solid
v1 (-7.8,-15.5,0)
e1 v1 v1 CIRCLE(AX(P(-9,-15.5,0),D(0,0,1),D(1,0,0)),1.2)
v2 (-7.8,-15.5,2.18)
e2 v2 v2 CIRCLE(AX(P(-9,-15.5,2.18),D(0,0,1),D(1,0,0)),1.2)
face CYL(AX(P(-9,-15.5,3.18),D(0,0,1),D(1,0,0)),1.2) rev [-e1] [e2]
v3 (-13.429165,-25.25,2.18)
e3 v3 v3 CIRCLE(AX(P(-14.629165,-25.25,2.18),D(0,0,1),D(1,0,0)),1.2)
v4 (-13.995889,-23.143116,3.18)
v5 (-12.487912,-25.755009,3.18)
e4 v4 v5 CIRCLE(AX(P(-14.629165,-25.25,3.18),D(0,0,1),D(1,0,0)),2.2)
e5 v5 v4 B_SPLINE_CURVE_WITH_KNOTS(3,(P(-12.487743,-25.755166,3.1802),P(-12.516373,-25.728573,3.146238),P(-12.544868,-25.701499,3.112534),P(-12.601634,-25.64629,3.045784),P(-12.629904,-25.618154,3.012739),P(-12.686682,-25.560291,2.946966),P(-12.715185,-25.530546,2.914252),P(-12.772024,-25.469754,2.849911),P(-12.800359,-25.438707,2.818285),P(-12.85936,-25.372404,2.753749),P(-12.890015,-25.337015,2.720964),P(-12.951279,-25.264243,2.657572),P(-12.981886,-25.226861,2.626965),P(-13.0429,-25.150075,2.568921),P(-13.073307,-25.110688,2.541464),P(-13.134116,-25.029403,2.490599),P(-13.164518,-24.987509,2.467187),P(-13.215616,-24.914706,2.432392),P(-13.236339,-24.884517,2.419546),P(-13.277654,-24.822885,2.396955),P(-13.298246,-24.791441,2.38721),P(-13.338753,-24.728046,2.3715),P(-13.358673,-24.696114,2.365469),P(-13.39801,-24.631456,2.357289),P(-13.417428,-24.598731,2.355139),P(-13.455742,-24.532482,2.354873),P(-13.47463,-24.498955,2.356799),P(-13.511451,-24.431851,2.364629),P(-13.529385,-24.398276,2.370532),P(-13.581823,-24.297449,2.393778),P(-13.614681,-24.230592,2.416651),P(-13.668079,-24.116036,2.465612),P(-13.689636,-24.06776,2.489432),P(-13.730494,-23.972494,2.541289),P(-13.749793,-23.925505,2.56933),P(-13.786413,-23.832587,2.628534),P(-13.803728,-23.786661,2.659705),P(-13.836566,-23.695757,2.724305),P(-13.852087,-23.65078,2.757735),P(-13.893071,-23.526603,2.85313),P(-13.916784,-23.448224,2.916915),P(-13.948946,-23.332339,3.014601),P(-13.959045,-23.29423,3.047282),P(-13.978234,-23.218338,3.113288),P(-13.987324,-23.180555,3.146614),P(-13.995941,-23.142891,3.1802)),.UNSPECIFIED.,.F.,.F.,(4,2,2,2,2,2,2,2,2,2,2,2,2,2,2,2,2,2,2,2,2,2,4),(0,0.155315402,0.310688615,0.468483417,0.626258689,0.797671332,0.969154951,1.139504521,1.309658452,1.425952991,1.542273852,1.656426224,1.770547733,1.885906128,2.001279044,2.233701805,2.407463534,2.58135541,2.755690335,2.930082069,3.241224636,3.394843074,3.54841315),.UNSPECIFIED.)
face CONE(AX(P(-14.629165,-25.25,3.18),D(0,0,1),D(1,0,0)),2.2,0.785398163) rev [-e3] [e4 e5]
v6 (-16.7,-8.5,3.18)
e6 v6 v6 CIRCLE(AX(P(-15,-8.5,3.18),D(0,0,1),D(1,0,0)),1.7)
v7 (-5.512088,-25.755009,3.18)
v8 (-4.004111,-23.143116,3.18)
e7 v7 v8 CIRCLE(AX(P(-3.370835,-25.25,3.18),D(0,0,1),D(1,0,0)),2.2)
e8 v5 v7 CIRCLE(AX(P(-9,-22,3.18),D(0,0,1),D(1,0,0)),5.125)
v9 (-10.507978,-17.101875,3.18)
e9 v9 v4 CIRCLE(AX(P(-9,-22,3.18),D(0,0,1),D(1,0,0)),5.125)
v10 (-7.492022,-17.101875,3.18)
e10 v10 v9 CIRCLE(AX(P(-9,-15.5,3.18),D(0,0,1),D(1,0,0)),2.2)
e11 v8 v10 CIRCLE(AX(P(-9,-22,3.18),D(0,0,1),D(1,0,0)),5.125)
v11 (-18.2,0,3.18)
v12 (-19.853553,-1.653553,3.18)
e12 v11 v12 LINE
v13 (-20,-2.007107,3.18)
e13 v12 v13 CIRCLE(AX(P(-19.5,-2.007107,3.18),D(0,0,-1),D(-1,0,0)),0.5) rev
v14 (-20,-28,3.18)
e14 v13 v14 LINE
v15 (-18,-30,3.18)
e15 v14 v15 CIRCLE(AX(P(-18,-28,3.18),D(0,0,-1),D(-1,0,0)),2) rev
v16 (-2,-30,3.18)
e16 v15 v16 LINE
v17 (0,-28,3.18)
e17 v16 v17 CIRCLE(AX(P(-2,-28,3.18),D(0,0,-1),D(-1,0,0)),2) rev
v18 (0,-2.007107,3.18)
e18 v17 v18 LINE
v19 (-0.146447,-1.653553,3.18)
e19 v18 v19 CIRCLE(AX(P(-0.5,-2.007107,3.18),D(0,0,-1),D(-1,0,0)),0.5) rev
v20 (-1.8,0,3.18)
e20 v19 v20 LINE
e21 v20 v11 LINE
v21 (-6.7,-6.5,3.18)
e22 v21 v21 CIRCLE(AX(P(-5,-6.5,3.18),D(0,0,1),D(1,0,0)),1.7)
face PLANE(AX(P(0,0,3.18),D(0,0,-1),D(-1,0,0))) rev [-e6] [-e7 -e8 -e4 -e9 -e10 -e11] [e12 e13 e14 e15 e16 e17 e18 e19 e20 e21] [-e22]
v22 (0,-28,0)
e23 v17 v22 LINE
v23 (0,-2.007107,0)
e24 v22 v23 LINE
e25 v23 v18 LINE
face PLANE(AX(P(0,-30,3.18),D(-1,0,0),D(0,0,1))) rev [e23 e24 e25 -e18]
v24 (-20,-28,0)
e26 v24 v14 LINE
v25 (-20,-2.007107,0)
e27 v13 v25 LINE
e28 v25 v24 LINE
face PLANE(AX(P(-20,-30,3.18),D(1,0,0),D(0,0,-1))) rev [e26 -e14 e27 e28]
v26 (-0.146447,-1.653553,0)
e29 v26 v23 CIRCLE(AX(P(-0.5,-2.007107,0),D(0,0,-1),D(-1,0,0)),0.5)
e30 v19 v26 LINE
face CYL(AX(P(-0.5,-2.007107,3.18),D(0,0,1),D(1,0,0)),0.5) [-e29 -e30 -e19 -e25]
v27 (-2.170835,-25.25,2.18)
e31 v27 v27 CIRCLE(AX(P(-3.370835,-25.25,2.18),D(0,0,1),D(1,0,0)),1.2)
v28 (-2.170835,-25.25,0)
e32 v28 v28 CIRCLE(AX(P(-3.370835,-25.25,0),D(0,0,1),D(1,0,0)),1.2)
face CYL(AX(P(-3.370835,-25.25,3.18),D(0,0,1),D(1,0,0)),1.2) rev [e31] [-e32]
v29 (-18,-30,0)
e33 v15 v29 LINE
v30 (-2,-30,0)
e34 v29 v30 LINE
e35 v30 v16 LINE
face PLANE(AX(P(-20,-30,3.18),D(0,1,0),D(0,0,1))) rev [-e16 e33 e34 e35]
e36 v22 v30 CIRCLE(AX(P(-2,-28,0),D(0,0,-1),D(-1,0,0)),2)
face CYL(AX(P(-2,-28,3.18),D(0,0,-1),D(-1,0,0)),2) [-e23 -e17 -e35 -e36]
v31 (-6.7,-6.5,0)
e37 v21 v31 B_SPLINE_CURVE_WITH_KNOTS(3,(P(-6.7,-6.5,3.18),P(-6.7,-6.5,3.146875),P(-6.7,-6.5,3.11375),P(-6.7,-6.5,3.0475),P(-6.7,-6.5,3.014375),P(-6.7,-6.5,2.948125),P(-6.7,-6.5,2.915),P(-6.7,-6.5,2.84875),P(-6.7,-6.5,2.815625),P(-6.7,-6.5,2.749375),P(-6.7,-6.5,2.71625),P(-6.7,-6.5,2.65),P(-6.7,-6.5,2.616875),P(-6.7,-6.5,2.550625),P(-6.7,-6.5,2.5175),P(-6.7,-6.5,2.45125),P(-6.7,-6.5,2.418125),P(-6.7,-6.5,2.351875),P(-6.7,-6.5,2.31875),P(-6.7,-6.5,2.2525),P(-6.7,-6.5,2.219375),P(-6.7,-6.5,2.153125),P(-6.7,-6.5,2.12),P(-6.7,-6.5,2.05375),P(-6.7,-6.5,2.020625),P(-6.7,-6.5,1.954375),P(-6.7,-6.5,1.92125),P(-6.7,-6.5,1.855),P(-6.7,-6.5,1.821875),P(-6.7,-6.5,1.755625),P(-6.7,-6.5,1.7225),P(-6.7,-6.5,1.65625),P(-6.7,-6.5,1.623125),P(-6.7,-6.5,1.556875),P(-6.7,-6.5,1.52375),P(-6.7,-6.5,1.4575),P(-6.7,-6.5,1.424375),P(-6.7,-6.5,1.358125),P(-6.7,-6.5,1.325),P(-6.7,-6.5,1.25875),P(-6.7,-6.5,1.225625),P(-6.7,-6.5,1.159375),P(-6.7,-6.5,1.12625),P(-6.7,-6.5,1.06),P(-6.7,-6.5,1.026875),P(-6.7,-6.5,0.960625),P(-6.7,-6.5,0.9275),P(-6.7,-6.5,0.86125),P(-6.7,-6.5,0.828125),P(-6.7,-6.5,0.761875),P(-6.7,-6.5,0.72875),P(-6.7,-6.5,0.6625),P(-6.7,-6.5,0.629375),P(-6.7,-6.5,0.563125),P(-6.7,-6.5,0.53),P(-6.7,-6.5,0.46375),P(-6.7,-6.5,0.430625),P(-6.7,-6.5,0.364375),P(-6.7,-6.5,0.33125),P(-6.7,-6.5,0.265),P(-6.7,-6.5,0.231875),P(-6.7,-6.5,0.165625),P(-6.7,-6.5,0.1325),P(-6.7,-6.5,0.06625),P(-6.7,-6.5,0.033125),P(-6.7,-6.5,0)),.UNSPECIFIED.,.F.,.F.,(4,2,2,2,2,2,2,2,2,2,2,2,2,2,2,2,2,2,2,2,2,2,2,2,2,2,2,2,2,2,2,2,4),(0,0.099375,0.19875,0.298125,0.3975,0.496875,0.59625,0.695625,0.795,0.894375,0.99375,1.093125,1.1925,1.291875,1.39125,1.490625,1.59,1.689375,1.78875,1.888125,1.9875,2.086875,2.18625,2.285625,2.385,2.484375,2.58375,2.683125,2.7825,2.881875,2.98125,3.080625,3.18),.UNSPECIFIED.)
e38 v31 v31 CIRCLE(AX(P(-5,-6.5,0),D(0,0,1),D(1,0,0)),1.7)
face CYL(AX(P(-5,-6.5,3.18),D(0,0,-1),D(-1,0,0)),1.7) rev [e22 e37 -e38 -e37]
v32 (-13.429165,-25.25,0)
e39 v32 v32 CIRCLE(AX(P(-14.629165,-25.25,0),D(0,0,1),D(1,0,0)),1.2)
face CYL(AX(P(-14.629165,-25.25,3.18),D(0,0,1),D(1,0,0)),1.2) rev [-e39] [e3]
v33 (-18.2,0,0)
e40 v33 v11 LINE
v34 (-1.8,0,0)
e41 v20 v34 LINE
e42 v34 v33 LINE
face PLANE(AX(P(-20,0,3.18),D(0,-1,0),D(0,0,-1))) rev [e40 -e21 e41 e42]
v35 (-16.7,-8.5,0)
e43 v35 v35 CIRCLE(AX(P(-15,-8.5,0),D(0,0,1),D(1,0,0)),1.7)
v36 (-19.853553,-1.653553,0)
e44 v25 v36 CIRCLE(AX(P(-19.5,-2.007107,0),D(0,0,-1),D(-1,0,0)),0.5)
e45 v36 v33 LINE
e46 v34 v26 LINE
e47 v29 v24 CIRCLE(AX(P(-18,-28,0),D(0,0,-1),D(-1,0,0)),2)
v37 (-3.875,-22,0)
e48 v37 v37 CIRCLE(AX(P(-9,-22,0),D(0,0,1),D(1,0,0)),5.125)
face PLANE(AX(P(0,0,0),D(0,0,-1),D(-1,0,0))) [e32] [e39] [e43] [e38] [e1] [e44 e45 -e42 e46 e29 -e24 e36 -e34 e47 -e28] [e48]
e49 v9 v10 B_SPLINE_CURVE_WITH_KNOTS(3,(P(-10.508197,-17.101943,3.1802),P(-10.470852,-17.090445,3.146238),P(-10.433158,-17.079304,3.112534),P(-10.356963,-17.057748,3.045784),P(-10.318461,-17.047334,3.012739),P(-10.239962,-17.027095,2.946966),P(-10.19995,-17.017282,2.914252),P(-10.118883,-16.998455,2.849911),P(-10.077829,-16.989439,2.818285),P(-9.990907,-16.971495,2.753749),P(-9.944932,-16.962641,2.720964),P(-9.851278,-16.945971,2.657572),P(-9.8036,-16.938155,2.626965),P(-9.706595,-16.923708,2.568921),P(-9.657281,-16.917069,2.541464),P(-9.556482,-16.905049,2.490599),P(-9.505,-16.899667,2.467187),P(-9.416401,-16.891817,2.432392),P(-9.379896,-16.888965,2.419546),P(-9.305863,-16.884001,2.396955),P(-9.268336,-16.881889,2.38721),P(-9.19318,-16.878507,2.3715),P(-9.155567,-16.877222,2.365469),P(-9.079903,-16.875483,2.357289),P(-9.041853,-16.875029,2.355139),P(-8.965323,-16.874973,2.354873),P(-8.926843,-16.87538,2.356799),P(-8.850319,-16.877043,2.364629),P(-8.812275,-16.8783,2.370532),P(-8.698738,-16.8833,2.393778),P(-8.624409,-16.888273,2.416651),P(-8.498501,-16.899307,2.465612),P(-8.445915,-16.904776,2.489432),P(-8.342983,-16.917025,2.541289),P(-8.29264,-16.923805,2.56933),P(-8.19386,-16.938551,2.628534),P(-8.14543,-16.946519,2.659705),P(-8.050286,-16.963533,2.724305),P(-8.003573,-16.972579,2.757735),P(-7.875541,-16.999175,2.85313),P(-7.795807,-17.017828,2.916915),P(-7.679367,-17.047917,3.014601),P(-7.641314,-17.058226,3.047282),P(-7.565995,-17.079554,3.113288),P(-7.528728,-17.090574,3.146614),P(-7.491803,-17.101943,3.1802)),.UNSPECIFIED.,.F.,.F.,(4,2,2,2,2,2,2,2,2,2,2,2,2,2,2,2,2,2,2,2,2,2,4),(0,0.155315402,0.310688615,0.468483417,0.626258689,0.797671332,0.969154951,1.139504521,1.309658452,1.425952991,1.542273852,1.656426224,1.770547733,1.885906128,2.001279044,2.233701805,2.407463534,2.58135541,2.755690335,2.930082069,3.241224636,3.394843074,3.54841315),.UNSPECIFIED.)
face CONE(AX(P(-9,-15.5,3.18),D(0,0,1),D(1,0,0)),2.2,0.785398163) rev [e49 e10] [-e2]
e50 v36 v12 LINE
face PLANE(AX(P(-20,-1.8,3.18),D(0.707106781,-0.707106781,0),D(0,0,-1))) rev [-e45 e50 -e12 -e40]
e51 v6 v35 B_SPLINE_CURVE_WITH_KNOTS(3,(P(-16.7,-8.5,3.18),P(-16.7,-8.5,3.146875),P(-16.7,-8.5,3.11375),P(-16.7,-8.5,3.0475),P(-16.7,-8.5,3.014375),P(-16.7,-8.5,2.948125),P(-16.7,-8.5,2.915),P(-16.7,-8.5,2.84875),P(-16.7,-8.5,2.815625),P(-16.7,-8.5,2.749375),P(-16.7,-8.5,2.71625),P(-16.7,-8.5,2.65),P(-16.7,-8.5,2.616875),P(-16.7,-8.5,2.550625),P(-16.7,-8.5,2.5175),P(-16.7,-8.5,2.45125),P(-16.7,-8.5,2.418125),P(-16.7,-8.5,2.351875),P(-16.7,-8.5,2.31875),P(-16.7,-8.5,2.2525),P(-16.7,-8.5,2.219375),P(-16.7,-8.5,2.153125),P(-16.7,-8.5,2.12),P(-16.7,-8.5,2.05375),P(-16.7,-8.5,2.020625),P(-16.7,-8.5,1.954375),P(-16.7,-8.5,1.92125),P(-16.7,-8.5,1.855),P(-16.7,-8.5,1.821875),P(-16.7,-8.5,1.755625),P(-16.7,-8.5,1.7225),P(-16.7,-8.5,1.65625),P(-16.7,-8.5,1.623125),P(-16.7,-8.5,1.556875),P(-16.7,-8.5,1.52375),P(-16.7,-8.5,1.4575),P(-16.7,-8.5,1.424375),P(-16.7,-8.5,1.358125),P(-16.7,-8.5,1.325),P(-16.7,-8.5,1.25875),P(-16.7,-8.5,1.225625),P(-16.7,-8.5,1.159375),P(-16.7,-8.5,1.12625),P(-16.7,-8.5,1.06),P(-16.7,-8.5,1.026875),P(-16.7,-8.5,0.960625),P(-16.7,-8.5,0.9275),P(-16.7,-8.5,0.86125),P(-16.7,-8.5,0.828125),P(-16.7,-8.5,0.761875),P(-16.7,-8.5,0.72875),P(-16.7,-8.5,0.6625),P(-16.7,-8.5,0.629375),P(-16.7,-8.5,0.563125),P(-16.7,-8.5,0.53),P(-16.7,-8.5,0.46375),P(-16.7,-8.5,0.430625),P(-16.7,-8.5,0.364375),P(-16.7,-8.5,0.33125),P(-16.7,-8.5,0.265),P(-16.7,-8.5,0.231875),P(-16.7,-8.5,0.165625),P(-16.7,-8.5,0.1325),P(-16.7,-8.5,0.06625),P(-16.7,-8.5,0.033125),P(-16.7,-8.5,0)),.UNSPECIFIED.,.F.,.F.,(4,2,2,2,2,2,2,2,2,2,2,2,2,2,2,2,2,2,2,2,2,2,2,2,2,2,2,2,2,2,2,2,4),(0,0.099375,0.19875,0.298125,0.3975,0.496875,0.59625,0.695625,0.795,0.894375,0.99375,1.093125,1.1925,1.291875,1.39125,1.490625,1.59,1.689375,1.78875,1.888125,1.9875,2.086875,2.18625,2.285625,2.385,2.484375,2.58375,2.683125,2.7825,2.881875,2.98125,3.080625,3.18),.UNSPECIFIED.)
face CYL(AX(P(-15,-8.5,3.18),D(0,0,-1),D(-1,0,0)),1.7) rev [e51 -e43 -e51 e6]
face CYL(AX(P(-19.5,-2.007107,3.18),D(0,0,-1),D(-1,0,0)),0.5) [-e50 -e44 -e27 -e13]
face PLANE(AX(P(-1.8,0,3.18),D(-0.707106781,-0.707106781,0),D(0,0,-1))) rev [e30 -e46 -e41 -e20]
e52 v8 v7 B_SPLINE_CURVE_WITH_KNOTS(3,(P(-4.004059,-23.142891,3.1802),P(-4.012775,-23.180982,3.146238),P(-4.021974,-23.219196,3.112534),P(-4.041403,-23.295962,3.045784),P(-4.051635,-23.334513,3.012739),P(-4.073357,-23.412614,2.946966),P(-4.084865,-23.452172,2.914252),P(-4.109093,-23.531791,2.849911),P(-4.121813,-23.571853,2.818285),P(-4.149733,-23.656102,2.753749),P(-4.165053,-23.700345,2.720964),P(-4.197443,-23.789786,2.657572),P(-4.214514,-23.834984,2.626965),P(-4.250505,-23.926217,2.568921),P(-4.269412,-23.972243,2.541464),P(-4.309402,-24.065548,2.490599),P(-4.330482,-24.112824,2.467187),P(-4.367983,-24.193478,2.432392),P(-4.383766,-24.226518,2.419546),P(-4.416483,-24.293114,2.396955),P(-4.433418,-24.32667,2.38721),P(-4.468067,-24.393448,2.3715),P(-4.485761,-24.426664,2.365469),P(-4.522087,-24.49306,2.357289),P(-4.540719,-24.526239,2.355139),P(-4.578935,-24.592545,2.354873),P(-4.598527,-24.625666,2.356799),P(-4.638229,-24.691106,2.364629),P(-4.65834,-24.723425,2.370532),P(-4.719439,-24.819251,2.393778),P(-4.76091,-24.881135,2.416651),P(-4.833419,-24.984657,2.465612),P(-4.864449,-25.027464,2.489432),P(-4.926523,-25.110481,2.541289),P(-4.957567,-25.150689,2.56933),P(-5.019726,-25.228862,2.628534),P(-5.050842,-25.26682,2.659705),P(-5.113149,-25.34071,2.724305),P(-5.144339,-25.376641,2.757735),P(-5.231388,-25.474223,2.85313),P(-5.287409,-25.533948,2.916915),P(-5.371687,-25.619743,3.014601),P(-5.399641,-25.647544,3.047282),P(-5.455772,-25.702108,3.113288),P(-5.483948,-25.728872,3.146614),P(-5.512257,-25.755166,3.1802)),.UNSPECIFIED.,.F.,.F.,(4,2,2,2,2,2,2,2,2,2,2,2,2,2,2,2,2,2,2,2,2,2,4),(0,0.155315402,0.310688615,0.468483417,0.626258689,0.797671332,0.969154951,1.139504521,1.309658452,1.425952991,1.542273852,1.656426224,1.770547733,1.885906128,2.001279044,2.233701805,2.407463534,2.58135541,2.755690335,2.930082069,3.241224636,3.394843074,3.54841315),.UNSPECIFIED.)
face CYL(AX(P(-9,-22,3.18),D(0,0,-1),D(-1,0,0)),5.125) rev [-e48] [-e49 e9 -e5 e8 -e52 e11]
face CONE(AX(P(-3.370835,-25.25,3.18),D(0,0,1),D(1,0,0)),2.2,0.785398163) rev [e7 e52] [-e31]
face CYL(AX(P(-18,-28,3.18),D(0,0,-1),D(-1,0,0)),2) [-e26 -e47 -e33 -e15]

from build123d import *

# Parameters (mm, degrees)
SKETCH12_W                                      = 20
SKETCH12_H                                      = 30
SKETCH12_R                                      = 5.125
SKETCH12_R_2                                    = 1.7
BOSS_EXTRUDE3_DEPTH                             = 3.18
CSK_FOR_M2_FLAT_HEAD_MACHINE_SCREW2_D           = 2.4
CSK_FOR_M2_FLAT_HEAD_MACHINE_SCREW2_CSINK_D     = 4.4
CSK_FOR_M2_FLAT_HEAD_MACHINE_SCREW2_CSINK_ANGLE = 90
CHAMFER1_SIZE                                   = 1.8
FILLET3_R                                       = 0.5
FILLET4_R                                       = 2


with BuildPart() as part:
    # Sketch12 → Boss-Extrude3 (new body)
    with BuildSketch(Plane.XY):
        with Locations((-10, -15)):
            Rectangle(SKETCH12_W, SKETCH12_H)
        with Locations(Location((-9, -22, 0), (0, 0, 180))):
            Circle(SKETCH12_R, mode=Mode.SUBTRACT)
        with Locations(Location((-5, -6.5, 0), (0, 0, 180))):
            Circle(SKETCH12_R_2, mode=Mode.SUBTRACT)
        with Locations(Location((-15, -8.5, 0), (0, 0, 180))):
            Circle(SKETCH12_R_2, mode=Mode.SUBTRACT)
    extrude(amount=BOSS_EXTRUDE3_DEPTH)

    # CSK for M2 Flat Head Machine Screw2 (through all)
    with Locations(Plane.XY.offset(3.18)):
        with Locations((-9, -15.5), (-14.629165125, -25.25), (-3.370834875, -25.25)):
            CounterSinkHole(CSK_FOR_M2_FLAT_HEAD_MACHINE_SCREW2_D / 2, CSK_FOR_M2_FLAT_HEAD_MACHINE_SCREW2_CSINK_D / 2, counter_sink_angle=CSK_FOR_M2_FLAT_HEAD_MACHINE_SCREW2_CSINK_ANGLE)

    # Chamfer1
    chamfer1_edges = [part.edges().sort_by_distance(p)[0] for p in [
        (-20, 0, 1.59),
        (0, 0, 1.59),
    ]]
    chamfer(chamfer1_edges, length=CHAMFER1_SIZE)

    # Fillet3
    fillet3_edges = [part.edges().sort_by_distance(p)[0] for p in [
        (-20, -1.8, 1.59),
        (0, -1.8, 1.59),
    ]]
    fillet(fillet3_edges, radius=FILLET3_R)

    # Fillet4
    fillet4_edges = [part.edges().sort_by_distance(p)[0] for p in [
        (0, -30, 1.59),
        (-20, -30, 1.59),
    ]]
    fillet(fillet4_edges, radius=FILLET4_R)


solid = part.part
